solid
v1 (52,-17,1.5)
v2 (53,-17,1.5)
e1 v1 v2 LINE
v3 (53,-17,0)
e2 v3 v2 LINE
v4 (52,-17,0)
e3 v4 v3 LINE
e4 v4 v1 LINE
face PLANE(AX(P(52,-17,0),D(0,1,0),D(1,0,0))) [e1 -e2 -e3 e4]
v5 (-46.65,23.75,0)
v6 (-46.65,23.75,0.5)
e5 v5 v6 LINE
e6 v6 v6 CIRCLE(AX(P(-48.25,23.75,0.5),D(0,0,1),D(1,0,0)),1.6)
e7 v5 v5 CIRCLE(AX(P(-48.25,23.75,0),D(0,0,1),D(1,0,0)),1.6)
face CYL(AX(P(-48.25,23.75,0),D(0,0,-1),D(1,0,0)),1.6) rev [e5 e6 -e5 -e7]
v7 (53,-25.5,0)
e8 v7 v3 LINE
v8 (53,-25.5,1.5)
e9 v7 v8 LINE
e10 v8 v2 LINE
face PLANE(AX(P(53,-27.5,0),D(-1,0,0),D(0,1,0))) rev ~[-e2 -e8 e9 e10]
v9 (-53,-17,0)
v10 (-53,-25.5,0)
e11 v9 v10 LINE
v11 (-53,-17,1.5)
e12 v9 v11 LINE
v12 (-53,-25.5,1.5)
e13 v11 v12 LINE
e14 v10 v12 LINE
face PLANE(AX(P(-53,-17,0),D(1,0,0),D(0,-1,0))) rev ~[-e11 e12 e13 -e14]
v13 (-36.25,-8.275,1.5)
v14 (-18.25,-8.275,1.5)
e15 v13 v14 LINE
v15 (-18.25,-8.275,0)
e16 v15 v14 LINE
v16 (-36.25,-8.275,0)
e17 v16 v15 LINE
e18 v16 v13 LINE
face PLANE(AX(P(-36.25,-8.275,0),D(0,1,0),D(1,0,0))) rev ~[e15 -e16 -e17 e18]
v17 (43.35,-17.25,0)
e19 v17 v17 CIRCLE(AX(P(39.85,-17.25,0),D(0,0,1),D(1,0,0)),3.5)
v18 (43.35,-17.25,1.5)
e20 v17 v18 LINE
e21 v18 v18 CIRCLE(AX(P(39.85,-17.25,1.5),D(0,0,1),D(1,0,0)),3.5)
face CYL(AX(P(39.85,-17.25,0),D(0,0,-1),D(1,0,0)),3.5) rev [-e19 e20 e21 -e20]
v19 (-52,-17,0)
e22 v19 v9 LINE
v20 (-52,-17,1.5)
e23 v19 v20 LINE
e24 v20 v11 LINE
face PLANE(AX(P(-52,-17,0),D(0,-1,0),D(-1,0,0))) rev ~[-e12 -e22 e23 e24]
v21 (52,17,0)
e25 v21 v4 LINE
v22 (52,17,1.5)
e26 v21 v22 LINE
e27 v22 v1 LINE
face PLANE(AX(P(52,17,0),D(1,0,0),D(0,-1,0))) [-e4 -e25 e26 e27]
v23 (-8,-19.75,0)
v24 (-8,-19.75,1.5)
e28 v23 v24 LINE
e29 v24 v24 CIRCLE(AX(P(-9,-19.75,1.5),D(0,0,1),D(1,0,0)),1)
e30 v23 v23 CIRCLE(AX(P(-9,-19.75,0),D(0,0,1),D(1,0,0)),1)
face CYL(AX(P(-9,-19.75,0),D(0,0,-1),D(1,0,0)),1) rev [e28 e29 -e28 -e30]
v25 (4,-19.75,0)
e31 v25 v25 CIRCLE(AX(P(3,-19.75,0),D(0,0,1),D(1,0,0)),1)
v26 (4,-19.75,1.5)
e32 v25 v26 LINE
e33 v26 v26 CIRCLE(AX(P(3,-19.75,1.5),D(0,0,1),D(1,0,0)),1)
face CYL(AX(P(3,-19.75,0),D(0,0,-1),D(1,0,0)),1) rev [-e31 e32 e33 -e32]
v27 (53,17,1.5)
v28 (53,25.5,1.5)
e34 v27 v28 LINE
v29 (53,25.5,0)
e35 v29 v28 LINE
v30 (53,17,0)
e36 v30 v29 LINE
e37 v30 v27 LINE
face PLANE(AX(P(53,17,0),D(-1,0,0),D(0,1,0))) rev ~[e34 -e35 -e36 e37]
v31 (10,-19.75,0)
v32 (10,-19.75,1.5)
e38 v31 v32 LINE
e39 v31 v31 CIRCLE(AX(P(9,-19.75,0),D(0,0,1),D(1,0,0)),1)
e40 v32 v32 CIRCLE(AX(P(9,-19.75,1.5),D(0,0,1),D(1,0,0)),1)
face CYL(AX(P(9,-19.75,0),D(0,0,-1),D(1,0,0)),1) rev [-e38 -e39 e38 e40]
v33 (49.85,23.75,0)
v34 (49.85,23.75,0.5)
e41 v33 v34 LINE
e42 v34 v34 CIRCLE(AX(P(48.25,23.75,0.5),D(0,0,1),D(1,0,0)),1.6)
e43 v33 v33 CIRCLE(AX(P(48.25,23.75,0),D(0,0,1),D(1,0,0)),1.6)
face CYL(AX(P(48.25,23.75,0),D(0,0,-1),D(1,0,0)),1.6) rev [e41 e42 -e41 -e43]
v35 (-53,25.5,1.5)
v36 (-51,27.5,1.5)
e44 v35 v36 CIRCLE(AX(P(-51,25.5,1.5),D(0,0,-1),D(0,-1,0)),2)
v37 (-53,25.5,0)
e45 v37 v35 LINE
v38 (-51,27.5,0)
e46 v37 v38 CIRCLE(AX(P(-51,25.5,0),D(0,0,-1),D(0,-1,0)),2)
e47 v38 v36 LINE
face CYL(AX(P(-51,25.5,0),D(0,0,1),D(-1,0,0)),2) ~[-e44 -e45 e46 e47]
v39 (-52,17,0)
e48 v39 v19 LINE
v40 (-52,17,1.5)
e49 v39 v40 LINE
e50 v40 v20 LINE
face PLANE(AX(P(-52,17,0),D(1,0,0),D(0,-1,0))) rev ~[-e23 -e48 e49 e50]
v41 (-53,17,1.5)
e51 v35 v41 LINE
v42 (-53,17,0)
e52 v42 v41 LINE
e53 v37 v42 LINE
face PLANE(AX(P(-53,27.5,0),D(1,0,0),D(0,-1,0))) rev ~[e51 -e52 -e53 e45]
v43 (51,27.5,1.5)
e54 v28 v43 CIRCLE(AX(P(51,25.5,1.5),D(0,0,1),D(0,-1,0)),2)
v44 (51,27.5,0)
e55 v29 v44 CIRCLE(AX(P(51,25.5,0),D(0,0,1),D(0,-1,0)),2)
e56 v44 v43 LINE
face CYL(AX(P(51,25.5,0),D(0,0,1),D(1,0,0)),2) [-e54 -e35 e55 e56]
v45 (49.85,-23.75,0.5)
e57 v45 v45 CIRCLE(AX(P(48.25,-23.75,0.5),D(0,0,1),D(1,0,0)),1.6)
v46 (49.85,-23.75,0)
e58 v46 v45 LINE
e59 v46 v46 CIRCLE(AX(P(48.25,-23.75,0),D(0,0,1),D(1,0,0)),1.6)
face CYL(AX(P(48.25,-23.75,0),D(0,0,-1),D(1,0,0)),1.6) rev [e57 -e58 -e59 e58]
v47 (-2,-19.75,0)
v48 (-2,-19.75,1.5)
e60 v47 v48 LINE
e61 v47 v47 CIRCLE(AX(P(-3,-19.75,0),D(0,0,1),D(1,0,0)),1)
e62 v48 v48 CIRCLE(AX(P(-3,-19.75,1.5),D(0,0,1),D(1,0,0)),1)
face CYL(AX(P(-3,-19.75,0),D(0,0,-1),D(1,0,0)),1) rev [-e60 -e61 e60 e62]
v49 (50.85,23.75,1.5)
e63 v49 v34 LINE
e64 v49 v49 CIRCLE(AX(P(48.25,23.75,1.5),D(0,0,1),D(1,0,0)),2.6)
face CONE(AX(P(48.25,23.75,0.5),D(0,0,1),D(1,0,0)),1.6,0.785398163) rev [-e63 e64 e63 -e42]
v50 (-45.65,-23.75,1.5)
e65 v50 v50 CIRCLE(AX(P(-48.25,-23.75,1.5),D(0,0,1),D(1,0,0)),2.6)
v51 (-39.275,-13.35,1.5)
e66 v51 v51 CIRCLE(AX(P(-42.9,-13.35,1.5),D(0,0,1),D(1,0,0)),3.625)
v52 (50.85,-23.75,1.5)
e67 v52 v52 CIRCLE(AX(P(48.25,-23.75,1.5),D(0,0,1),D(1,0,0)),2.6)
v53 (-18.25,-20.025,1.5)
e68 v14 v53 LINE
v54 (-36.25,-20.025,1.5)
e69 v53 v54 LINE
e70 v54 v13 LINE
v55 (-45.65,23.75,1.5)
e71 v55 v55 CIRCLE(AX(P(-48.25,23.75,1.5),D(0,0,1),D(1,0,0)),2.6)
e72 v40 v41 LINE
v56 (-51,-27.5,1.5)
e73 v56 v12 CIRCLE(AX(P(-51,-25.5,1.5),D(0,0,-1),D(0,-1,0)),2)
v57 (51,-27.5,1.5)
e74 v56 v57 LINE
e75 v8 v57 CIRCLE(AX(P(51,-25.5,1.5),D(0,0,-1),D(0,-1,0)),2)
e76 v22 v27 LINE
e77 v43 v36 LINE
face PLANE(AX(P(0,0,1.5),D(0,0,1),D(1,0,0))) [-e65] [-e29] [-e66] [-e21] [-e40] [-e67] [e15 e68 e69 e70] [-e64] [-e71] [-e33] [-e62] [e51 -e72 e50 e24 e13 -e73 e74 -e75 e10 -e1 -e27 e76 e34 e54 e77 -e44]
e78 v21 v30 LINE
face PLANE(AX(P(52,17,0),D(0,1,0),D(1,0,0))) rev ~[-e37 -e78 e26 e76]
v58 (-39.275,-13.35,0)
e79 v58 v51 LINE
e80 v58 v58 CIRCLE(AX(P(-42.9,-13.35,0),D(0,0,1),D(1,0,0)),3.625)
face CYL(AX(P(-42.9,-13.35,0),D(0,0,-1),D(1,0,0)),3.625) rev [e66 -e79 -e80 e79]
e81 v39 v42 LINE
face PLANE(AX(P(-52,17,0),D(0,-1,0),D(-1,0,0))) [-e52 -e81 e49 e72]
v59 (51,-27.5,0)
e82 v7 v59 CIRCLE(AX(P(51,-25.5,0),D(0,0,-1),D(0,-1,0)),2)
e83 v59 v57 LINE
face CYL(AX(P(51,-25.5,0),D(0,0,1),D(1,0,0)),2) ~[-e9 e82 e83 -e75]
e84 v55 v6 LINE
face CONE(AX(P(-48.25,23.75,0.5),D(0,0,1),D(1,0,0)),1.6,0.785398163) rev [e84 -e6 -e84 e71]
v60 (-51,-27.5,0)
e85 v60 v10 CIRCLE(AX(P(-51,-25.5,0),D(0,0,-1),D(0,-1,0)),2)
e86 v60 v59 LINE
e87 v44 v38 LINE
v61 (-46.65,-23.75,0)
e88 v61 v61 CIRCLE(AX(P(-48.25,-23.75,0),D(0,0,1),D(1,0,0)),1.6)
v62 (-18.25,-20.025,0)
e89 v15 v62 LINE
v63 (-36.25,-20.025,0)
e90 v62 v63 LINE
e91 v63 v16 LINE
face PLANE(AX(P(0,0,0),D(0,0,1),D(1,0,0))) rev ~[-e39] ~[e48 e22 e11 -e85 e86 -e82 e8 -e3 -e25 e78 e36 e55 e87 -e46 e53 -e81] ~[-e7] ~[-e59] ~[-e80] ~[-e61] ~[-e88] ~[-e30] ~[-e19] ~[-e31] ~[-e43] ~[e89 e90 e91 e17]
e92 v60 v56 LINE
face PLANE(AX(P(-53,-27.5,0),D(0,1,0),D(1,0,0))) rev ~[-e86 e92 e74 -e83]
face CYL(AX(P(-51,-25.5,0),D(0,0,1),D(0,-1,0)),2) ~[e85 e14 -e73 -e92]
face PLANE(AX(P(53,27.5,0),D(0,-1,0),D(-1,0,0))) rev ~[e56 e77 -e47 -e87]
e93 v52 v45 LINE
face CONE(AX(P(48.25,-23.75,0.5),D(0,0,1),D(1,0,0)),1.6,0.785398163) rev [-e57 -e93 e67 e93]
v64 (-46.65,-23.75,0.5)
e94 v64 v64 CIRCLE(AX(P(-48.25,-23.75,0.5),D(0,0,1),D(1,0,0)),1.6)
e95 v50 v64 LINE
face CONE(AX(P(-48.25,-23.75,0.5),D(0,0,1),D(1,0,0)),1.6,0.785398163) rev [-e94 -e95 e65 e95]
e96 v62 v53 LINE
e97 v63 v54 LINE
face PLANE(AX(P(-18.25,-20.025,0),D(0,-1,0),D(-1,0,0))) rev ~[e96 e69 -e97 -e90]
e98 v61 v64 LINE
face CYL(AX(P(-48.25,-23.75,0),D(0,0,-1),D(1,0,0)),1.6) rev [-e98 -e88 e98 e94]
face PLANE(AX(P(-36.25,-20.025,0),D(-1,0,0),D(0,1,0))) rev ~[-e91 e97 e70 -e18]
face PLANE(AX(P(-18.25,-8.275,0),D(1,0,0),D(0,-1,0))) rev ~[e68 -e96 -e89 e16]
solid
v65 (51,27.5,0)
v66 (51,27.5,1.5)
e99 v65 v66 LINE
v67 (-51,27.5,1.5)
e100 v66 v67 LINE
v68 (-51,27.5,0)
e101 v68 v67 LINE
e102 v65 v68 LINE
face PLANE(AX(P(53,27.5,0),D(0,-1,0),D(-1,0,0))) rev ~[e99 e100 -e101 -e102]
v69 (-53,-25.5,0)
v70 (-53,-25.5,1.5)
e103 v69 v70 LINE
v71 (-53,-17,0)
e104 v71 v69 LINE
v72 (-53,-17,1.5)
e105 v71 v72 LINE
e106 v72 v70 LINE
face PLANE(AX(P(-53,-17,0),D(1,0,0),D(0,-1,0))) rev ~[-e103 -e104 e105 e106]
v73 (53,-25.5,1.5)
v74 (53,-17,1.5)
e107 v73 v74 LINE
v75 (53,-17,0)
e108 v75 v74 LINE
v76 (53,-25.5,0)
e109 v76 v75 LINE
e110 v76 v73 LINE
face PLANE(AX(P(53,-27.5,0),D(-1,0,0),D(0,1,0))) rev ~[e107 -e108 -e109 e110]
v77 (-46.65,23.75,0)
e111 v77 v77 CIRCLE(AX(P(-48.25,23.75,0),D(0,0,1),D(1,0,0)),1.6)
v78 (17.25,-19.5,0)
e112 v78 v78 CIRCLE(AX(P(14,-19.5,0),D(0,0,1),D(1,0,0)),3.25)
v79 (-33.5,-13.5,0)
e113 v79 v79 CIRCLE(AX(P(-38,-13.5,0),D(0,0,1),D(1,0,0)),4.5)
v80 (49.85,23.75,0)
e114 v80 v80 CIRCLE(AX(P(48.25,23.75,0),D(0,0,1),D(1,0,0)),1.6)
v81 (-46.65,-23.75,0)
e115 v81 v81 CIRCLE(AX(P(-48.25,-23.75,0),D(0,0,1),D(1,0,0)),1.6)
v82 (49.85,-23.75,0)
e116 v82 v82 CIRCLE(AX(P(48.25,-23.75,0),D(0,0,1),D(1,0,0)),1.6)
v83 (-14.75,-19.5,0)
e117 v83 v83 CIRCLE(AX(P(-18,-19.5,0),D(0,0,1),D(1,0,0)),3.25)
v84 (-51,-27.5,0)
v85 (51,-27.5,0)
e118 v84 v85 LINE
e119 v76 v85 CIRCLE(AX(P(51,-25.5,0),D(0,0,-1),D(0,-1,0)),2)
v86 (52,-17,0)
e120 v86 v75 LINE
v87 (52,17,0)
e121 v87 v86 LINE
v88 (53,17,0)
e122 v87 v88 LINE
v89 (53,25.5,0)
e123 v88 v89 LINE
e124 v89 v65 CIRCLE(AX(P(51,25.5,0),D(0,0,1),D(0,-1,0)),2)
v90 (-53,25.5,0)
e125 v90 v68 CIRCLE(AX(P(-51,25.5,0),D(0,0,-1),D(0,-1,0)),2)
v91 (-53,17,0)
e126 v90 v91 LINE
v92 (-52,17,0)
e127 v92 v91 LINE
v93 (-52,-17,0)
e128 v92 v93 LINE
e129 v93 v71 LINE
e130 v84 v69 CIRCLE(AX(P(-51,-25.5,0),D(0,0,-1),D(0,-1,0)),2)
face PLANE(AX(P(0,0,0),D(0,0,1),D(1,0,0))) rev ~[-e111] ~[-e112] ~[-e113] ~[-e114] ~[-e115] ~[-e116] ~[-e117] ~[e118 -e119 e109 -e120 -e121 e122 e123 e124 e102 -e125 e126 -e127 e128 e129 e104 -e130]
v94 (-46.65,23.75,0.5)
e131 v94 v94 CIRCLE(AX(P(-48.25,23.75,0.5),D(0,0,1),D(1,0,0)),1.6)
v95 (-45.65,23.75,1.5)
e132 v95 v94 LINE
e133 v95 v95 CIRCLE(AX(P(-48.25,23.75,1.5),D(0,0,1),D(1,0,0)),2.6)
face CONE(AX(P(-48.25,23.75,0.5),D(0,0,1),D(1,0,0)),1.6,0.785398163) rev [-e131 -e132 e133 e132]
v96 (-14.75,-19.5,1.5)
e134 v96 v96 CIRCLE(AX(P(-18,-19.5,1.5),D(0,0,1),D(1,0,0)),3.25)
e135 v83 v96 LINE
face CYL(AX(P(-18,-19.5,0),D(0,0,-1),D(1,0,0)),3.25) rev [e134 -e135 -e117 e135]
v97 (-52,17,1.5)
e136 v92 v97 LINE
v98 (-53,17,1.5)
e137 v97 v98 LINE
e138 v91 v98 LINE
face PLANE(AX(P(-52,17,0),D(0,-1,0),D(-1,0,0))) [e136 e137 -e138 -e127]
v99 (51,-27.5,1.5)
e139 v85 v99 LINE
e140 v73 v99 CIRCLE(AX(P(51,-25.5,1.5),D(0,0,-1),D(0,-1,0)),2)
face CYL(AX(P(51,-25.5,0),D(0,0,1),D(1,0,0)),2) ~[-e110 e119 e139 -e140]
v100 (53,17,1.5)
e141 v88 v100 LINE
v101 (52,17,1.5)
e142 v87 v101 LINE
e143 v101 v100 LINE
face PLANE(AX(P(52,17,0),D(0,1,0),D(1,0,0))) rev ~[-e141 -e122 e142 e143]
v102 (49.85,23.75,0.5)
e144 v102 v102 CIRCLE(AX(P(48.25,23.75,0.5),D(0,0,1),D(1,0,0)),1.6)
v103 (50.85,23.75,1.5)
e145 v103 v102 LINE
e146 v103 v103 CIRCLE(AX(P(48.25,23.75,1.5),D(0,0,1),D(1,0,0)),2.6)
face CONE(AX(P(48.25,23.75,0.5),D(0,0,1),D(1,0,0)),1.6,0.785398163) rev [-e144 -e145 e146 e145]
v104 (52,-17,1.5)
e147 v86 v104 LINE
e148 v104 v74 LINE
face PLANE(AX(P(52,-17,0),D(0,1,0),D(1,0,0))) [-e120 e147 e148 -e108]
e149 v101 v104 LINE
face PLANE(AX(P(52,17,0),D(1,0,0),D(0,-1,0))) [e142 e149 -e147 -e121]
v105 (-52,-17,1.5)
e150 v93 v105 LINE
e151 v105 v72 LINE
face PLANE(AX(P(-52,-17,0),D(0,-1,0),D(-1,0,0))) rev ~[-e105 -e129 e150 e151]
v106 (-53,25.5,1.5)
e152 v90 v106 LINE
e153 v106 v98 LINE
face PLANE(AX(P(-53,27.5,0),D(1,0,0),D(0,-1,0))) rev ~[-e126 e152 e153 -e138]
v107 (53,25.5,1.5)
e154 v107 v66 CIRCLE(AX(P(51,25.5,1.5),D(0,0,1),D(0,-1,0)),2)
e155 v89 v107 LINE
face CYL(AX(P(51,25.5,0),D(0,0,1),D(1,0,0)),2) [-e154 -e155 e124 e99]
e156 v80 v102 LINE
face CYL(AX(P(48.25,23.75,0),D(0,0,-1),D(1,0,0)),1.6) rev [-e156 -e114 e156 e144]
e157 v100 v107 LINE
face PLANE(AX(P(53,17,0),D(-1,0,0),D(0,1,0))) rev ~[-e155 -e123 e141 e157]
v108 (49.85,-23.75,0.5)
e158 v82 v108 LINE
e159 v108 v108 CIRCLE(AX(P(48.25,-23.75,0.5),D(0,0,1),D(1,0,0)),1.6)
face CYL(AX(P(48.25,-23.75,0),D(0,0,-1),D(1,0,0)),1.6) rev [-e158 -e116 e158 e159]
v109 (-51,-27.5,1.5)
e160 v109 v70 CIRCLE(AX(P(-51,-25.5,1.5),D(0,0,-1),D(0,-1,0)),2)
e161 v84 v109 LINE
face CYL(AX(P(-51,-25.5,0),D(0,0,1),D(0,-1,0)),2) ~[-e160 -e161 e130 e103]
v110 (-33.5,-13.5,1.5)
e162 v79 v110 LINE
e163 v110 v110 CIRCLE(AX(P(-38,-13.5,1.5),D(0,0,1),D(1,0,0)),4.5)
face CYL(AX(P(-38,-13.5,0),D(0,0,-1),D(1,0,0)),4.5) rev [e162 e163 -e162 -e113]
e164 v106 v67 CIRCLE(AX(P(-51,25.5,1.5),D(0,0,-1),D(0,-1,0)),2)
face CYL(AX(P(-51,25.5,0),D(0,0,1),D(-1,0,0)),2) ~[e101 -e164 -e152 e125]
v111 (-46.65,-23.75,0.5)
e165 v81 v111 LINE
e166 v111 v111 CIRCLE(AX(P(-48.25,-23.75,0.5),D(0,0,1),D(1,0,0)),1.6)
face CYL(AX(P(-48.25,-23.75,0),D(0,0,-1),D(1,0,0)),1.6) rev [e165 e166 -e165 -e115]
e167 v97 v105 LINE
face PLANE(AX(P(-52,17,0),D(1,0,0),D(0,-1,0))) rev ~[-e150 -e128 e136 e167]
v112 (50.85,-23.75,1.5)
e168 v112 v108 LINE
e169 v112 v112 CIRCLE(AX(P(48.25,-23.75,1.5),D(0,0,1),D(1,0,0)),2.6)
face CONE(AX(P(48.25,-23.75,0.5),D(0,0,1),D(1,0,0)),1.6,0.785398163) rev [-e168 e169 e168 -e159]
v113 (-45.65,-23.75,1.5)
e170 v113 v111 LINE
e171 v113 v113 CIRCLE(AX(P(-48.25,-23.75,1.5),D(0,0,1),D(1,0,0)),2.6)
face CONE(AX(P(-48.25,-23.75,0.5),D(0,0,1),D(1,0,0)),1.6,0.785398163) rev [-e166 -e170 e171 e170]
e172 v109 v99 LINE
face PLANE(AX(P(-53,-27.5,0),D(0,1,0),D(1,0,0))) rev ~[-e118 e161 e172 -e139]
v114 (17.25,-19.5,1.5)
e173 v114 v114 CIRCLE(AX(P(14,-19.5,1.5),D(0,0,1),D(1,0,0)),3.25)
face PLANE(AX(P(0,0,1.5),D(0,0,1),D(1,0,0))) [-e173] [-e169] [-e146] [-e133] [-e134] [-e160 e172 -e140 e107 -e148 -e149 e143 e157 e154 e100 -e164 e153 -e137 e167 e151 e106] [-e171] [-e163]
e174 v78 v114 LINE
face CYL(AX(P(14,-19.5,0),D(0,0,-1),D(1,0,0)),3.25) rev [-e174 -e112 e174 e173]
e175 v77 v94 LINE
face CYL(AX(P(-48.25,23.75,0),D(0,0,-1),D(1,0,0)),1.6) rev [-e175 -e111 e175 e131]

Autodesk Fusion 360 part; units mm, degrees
sketch "Sketch1" plane through (0, 0, 0) normal (0, 0, 1) x (1, 0, 0) in component "Front Cover"
  line L0 (53, 27.5) -> (-53, 27.5)
  line L1 (-53, 27.5) -> (-53, -27.5)
  line L2 (-53, -27.5) -> (53, -27.5)
  line L3 (53, -27.5) -> (53, 27.5)
  line L4 (53, 27.5) -> (-53, -27.5) construction
  line L5 (-53, 27.5) -> (53, -27.5) construction
  line L6 (48.25, 23.75) -> (-48.25, 23.75) construction
  line L7 (-48.25, 23.75) -> (-48.25, -23.75) construction
  line L8 (-48.25, -23.75) -> (48.25, -23.75) construction
  line L9 (48.25, -23.75) -> (48.25, 23.75) construction
  line L10 (48.25, 23.75) -> (-48.25, -23.75) construction
  line L11 (-48.25, 23.75) -> (48.25, -23.75) construction
  circle A0 centre (-48.25, 23.75) radius 1.6
  circle A1 centre (48.25, 23.75) radius 1.6
  circle A2 centre (48.25, -23.75) radius 1.6
  circle A3 centre (-48.25, -23.75) radius 1.6
  line L12 (-53, 0) -> (53, 0) construction
  line L13 (-52, 17) -> (-52, -17)
  line L14 (-52, 17) -> (-53, 17)
  line L15 (-52, -17) -> (-53, -17)
  line L16 (52, 17) -> (52, -17)
  line L17 (52, 17) -> (53, 17)
  line L18 (52, -17) -> (53, -17)
  circle A4 centre (-42.9, -13.35) radius 3.625
  circle A5 centre (39.85, -17.25) radius 3.5
  circle A6 centre (-9, -19.75) radius 1
  circle A7 centre (-3, -19.75) radius 1
  circle A8 centre (3, -19.75) radius 1
  circle A9 centre (9, -19.75) radius 1
  line L19 (-18.25, -20.025) -> (-36.25, -20.025)
  line L20 (-36.25, -20.025) -> (-36.25, -8.275)
  line L21 (-36.25, -8.275) -> (-18.25, -8.275)
  line L22 (-18.25, -8.275) -> (-18.25, -20.025)
  line L23 (-18.25, -20.025) -> (-36.25, -8.275) construction
  line L24 (-36.25, -20.025) -> (-18.25, -8.275) construction
  point P0 (0, -27.5)
  point P1 (-52, 0)
  point P2 (52, 0)
  point P3 (-42.9, -13.35)
  point P4 (39.85, -17.25)
  point P5 (-9, -19.75)
  point P6 (-3, -19.75)
  point P7 (3, -19.75)
  point P8 (9, -19.75)
  point P9 (-27.25, -14.15)
  dimension "d1" = 106
  dimension "d2" = 55
  dimension "d5" = 96.5
  dimension "d6" = 47.5
  dimension "d7" = 3.2
  dimension "d10" = 34
  dimension "d11" = 1
  dimension "d12" = 34
  dimension "d13" = 1
  dimension "d16" = 14.15
  dimension "d17" = 10.1
  dimension "d18" = 7.25
  dimension "d25" = 10.25
  dimension "d26" = 13.15
  dimension "d27" = 7
  dimension "d33" = 7.75
  dimension "d34" = 44
  dimension "d35" = 6
  dimension "d36" = 6
  dimension "d37" = 12
  dimension "d38" = 6
  dimension "d39" = 2
  dimension "d49" = 18
  dimension "d50" = 11.75
  dimension "d51" = 13.35
  dimension "d52" = 25.75
extrude "Extrude5" add sketch "Sketch1" along normal blind 1.5 contours L0 L1 L2 L3 L13 L14 L15 L16 L17 L18 makes body 1 in component "Front Cover"
fillet "Fillet2" radius 2 4 edges at (-53, -27.5, 0.75) (-53, 27.5, 0.75) (53, 27.5, 0.75) (53, -27.5, 0.75) on bodies 1 in component "Front Cover"
chamfer "Chamfer3" distance 1 angle 45 4 edges at (-49.7417, -23.1714, 1.5) (-49.7417, 24.3286, 1.5) (46.7583, 24.3286, 1.5) (46.7583, -23.1714, 1.5) on bodies 1 in component "Front Cover"
sketch "Sketch1 (2)" plane through (0, 0, 0) normal (0, 0, 1) x (1, 0, 0) in component "Rear Cover"
  line L0 (53, 27.5) -> (-53, 27.5)
  line L1 (-53, 27.5) -> (-53, -27.5)
  line L2 (-53, -27.5) -> (53, -27.5)
  line L3 (53, -27.5) -> (53, 27.5)
  line L4 (53, 27.5) -> (-53, -27.5) construction
  line L5 (-53, 27.5) -> (53, -27.5) construction
  line L6 (48.25, 23.75) -> (-48.25, 23.75) construction
  line L7 (-48.25, 23.75) -> (-48.25, -23.75) construction
  line L8 (-48.25, -23.75) -> (48.25, -23.75) construction
  line L9 (48.25, -23.75) -> (48.25, 23.75) construction
  line L10 (48.25, 23.75) -> (-48.25, -23.75) construction
  line L11 (-48.25, 23.75) -> (48.25, -23.75) construction
  circle A0 centre (-48.25, 23.75) radius 1.6
  circle A1 centre (48.25, 23.75) radius 1.6
  circle A2 centre (48.25, -23.75) radius 1.6
  circle A3 centre (-48.25, -23.75) radius 1.6
  line L12 (-53, 0) -> (53, 0) construction
  line L13 (-52, 17) -> (-52, -17)
  line L14 (-52, 17) -> (-53, 17)
  line L15 (-52, -17) -> (-53, -17)
  line L16 (52, 17) -> (52, -17)
  line L17 (52, 17) -> (53, 17)
  line L18 (52, -17) -> (53, -17)
  circle A4 centre (-38, -13.5) radius 4.5
  circle A5 centre (-18, -19.5) radius 3.25
  circle A6 centre (14, -19.5) radius 3.25
  point P0 (0, -27.5)
  point P1 (-52, 0)
  point P2 (52, 0)
  dimension "d1_1" = 106
  dimension "d2_1" = 55
  dimension "d5_1" = 96.5
  dimension "d6_1" = 47.5
  dimension "d7_1" = 3.2
  dimension "d10_1" = 34
  dimension "d11_1" = 1
  dimension "d12_1" = 34
  dimension "d13_1" = 1
  dimension "d53" = 15
  dimension "d54" = 14
  dimension "d55" = 9
  dimension "d56" = 6.5
  dimension "d57" = 35
  dimension "d58" = 8
  dimension "d59" = 67
extrude "Extrude5'" add sketch "Sketch1 (2)" along normal blind 1.5 separate body contours L0 L1 L2 L3 L13 L14 L15 L16 L17 L18 makes body 2 in component "Rear Cover"
fillet "Fillet2'" radius 2 4 edges at (-53, -27.5, 0.75) (-53, 27.5, 0.75) (53, 27.5, 0.75) (53, -27.5, 0.75) on bodies 2 in component "Rear Cover"
chamfer "Chamfer3'" distance 1 angle 45 4 edges at (-49.7417, -23.1714, 1.5) (-49.7417, 24.3286, 1.5) (46.7583, 24.3286, 1.5) (46.7583, -23.1714, 1.5) on bodies 2 in component "Rear Cover"
component "Front Cover" placed x (1, 0, 0) y (0, 1, 0) z (0, 0, 1) at (0, 0, 0)
component "Rear Cover" placed x (1, 0, 0) y (0, 1, 0) z (0, 0, 1) at (0, 0, 0)
